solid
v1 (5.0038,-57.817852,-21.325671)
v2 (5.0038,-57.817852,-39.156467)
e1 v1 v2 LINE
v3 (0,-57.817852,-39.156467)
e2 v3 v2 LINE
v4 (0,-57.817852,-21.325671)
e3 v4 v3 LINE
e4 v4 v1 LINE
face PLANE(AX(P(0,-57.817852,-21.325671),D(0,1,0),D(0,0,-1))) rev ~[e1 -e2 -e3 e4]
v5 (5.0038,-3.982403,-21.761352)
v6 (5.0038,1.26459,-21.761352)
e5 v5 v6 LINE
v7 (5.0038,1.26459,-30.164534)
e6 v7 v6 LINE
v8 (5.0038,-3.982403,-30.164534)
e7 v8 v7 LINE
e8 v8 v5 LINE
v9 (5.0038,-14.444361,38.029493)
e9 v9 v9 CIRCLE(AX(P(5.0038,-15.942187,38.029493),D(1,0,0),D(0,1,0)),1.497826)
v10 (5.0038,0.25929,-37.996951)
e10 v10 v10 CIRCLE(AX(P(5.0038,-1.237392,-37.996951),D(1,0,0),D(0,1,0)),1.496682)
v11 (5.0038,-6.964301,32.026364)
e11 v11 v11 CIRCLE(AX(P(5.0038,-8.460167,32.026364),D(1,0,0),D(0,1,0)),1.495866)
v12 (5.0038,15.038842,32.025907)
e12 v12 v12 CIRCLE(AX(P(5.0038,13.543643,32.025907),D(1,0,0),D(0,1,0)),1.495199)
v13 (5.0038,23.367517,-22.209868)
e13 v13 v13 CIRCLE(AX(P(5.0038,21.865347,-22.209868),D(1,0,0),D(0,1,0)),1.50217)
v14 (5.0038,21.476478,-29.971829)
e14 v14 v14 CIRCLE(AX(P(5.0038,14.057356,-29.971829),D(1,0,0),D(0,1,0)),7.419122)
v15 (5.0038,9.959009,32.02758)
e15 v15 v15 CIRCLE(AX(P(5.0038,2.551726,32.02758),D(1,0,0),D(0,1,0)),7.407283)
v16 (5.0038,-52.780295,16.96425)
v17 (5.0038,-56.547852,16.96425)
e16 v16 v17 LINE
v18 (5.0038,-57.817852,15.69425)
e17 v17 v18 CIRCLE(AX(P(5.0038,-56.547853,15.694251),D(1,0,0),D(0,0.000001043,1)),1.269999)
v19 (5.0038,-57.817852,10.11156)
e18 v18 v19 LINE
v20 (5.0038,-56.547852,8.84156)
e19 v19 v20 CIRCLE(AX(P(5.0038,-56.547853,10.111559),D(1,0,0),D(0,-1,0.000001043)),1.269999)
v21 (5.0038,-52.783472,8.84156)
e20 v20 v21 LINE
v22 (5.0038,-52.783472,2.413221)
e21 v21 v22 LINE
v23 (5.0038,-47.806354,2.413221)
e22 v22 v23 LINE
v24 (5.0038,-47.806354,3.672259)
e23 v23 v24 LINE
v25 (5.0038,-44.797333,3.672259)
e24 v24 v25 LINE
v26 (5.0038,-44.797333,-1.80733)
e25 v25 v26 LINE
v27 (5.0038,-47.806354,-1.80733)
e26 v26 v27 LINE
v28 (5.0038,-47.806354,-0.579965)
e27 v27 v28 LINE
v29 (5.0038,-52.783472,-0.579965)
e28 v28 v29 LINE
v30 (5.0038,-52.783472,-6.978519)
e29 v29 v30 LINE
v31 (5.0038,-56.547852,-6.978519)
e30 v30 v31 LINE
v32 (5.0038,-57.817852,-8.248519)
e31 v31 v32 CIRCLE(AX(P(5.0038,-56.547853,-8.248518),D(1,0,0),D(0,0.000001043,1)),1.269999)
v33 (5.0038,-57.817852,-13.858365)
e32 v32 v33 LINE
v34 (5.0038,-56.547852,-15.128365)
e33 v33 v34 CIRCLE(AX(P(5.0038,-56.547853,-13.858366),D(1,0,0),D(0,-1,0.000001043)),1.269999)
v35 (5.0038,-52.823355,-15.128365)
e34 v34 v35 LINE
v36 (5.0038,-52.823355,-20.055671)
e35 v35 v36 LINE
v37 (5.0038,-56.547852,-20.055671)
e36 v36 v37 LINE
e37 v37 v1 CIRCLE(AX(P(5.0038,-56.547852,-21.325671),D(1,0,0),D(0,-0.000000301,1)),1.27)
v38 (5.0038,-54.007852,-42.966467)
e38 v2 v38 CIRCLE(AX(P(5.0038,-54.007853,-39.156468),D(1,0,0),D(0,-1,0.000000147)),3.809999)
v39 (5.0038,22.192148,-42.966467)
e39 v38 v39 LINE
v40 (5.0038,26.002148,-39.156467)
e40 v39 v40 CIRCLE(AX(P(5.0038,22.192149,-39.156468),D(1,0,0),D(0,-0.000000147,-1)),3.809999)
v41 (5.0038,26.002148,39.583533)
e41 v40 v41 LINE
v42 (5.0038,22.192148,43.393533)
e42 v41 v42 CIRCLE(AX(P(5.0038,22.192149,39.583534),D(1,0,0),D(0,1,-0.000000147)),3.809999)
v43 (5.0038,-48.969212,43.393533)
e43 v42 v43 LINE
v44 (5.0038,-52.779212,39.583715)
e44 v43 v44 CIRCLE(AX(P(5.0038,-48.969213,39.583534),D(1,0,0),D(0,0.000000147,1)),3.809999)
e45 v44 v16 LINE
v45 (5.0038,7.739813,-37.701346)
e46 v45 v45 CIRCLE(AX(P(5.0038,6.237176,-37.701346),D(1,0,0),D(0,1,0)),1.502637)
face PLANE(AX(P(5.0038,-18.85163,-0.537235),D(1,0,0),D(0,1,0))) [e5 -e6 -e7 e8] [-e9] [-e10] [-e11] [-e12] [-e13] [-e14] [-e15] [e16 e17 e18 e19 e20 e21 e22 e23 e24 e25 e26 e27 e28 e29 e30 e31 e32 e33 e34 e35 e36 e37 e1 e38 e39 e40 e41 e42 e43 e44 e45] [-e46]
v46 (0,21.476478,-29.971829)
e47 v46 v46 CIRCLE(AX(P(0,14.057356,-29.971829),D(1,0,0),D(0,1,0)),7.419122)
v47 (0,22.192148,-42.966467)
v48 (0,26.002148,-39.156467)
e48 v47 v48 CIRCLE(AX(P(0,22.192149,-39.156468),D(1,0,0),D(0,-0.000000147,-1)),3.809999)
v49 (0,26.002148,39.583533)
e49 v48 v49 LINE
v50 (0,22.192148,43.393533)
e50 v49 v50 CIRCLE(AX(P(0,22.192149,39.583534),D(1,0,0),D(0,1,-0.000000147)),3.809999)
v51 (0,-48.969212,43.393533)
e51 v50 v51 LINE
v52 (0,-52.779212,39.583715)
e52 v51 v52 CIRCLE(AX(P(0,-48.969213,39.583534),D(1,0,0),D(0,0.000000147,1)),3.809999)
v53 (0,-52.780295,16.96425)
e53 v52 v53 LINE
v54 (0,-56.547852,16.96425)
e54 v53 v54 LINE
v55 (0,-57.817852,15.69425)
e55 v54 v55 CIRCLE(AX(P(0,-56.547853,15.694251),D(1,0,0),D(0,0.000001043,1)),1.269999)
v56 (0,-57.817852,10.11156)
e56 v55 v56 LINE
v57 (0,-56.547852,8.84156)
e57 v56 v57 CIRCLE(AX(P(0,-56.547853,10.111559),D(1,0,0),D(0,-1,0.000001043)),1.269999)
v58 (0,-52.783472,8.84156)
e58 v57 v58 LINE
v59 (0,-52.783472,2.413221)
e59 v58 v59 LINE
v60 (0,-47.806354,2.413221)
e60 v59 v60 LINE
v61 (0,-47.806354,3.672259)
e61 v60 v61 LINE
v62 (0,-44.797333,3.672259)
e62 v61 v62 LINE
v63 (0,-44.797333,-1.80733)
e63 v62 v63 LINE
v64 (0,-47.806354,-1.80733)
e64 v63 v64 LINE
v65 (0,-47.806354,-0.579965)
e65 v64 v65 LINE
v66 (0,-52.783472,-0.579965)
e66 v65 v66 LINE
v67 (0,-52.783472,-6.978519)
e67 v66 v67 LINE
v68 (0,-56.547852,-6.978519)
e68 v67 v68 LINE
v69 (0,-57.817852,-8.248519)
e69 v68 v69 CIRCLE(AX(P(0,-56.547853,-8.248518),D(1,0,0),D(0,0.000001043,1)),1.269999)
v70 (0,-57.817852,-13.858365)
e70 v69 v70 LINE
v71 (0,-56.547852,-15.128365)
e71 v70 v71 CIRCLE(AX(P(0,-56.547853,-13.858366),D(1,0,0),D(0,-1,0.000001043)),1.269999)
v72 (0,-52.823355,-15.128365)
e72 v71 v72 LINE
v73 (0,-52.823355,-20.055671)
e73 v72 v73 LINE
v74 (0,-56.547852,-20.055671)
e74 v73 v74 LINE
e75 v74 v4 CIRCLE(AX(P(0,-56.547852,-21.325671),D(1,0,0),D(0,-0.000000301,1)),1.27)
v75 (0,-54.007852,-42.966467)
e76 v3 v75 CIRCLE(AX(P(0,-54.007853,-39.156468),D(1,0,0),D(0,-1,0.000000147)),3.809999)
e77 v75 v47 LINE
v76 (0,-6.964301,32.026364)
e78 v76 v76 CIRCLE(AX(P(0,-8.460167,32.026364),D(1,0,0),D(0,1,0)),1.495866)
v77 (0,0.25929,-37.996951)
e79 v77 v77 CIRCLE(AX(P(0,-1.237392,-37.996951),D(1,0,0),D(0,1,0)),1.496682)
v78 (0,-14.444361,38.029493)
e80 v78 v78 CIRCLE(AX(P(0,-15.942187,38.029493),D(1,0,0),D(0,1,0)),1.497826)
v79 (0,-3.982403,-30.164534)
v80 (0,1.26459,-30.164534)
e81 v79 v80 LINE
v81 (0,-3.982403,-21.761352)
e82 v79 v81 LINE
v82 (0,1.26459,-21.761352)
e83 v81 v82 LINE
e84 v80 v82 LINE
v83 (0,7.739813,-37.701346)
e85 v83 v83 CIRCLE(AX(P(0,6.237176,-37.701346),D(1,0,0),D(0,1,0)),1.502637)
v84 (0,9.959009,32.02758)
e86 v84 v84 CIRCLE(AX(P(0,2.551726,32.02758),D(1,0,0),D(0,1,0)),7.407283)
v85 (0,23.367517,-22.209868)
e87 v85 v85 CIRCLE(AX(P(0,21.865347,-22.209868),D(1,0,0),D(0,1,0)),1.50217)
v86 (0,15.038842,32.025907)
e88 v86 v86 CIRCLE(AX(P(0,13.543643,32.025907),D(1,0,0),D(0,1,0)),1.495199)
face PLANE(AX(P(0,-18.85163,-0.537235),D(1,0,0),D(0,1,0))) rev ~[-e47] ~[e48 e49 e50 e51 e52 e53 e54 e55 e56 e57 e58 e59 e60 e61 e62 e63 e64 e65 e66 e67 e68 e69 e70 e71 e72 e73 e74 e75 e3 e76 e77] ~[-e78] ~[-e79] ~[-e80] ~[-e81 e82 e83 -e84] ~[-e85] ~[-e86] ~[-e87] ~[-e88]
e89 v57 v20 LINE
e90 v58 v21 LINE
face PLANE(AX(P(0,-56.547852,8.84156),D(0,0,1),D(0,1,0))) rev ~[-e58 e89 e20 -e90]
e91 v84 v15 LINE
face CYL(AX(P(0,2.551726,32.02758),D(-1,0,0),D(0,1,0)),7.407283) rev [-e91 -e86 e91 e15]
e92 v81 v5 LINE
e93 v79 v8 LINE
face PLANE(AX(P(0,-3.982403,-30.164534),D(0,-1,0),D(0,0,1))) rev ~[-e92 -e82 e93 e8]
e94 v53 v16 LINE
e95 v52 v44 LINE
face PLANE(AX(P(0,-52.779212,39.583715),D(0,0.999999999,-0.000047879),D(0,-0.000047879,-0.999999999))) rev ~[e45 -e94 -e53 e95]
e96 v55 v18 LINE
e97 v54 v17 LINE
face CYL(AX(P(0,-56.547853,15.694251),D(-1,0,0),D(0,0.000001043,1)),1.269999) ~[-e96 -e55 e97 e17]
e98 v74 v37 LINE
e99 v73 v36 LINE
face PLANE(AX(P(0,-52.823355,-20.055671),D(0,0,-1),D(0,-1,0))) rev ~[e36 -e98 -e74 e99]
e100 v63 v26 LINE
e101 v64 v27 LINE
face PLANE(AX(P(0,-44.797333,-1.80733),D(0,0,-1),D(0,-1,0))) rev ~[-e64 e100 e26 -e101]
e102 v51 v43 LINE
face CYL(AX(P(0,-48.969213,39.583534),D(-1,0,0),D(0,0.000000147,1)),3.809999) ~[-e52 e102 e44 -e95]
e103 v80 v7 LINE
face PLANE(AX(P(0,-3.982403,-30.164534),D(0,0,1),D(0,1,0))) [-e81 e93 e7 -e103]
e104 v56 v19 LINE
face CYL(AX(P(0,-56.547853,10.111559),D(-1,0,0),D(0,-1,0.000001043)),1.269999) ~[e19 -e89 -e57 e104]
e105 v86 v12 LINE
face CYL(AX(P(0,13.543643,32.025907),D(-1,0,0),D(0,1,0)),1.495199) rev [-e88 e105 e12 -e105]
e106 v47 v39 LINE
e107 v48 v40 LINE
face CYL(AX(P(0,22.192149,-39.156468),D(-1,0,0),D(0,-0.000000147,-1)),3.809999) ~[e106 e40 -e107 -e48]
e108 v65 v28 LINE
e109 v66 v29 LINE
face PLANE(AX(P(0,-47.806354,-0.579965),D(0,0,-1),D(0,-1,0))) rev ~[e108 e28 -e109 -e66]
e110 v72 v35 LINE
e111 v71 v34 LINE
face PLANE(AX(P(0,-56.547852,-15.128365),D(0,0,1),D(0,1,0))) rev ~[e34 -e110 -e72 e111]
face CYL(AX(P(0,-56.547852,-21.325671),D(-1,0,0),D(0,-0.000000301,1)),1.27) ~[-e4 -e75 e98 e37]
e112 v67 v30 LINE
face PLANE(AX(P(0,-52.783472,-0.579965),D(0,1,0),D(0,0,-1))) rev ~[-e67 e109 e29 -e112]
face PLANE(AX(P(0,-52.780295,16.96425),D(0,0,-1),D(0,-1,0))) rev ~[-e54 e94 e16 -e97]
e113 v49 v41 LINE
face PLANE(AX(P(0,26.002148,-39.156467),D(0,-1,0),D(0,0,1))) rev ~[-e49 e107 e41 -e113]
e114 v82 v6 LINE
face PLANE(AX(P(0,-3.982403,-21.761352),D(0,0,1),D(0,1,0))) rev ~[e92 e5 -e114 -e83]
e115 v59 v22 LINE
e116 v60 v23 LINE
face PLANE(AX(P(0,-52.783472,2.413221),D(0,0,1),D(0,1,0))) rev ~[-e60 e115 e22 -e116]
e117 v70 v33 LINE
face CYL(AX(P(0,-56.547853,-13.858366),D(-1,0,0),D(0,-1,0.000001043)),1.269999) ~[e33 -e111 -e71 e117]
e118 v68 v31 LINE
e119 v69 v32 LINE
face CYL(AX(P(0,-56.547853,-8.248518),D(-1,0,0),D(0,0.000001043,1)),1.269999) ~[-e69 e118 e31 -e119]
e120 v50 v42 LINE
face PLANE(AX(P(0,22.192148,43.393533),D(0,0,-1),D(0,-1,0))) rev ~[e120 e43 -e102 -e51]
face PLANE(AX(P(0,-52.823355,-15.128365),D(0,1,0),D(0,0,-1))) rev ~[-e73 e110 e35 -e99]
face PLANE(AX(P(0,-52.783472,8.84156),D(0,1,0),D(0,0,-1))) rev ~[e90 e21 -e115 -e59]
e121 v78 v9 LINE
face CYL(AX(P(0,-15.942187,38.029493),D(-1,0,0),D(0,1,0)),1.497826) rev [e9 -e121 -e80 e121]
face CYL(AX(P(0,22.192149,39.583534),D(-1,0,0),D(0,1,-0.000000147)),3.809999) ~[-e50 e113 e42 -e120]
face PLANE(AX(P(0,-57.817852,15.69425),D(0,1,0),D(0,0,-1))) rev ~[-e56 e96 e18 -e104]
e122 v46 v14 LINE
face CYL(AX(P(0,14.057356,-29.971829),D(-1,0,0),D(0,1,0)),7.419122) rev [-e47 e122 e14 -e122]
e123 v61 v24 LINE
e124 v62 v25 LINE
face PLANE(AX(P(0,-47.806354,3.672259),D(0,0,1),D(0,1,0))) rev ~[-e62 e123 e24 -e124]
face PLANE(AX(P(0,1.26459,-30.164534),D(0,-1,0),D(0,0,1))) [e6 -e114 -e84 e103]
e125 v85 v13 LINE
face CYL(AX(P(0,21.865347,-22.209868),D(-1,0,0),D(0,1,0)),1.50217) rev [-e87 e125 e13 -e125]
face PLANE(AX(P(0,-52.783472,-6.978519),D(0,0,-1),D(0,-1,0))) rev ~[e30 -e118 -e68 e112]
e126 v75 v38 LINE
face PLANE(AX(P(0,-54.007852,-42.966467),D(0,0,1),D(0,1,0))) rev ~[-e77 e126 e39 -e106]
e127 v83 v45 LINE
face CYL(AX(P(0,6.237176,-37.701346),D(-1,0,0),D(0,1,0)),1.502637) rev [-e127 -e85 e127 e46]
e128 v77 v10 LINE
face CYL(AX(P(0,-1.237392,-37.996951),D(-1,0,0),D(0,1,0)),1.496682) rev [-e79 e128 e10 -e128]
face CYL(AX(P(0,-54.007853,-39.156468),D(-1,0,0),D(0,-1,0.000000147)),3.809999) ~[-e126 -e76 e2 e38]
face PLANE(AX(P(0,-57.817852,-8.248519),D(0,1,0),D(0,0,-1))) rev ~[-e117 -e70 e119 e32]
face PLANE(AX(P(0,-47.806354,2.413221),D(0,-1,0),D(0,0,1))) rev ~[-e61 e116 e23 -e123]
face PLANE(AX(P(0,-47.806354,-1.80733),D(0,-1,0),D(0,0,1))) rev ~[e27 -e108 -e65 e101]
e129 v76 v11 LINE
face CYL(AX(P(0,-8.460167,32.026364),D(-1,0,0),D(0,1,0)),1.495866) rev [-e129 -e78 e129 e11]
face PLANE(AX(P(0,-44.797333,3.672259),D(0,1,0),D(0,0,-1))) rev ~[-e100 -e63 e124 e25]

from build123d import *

# Parameters (mm, degrees)
F0_R     = 1.496682
F0_W     = 5.246993
F0_H     = 8.403182
F0_R_2   = 1.502637
F0_R_3   = 7.419122
F0_R_4   = 1.50217
F0_R_5   = 1.497826
F0_R_6   = 1.495866
F0_R_7   = 7.407283
F0_R_8   = 1.495199
F1_DEPTH = 5.0038


with BuildPart() as f1:
    # F0 (on Right) → F1 (new body)
    with BuildSketch(Plane.YZ):
        with BuildLine():
            ThreePointArc((26.002148, 39.583533), (24.886225, 42.27761), (22.192148, 43.393533))
            Line((22.192148, 43.393533), (-48.969212, 43.393533))
            ThreePointArc((-48.969212, 43.393533), (-51.663225, 42.277674), (-52.779212, 39.583715))
            Line((-52.779212, 39.583715), (-52.780295, 16.96425))
            Line((-52.780295, 16.96425), (-56.547852, 16.96425))
            ThreePointArc((-56.547852, 16.96425), (-57.445878, 16.592276), (-57.817852, 15.69425))
            Line((-57.817852, 15.69425), (-57.817852, 10.11156))
            ThreePointArc((-57.817852, 10.11156), (-57.445878, 9.213534), (-56.547852, 8.84156))
            Line((-56.547852, 8.84156), (-52.783472, 8.84156))
            Line((-52.783472, 8.84156), (-52.783472, 2.413221))
            Line((-52.783472, 2.413221), (-47.806354, 2.413221))
            Line((-47.806354, 2.413221), (-47.806354, 3.672259))
            Line((-47.806354, 3.672259), (-44.797333, 3.672259))
            Line((-44.797333, 3.672259), (-44.797333, -1.80733))
            Line((-44.797333, -1.80733), (-47.806354, -1.80733))
            Line((-47.806354, -1.80733), (-47.806354, -0.579965))
            Line((-47.806354, -0.579965), (-52.783472, -0.579965))
            Line((-52.783472, -0.579965), (-52.783472, -6.978519))
            Line((-52.783472, -6.978519), (-56.547852, -6.978519))
            ThreePointArc((-56.547852, -6.978519), (-57.445878, -7.350493), (-57.817852, -8.248519))
            Line((-57.817852, -8.248519), (-57.817852, -13.858365))
            ThreePointArc((-57.817852, -13.858365), (-57.445878, -14.756391), (-56.547852, -15.128365))
            Line((-56.547852, -15.128365), (-52.823355, -15.128365))
            Line((-52.823355, -15.128365), (-52.823355, -20.055671))
            Line((-52.823355, -20.055671), (-56.547852, -20.055671))
            ThreePointArc((-56.547852, -20.055671), (-57.445878, -20.427646), (-57.817852, -21.325671))
            Line((-57.817852, -21.325671), (-57.817852, -39.156467))
            ThreePointArc((-57.817852, -39.156467), (-56.701929, -41.850544), (-54.007852, -42.966467))
            Line((-54.007852, -42.966467), (22.192148, -42.966467))
            ThreePointArc((22.192148, -42.966467), (24.886225, -41.850544), (26.002148, -39.156467))
            Line((26.002148, -39.156467), (26.002148, 39.583533))
        make_face()
        with Locations((-1.237392, -37.996951)):
            Circle(F0_R, mode=Mode.SUBTRACT)
        with Locations((-1.358906, -25.962943)):
            Rectangle(F0_W, F0_H, mode=Mode.SUBTRACT)
        with Locations((6.237176, -37.701346)):
            Circle(F0_R_2, mode=Mode.SUBTRACT)
        with Locations((14.057356, -29.971829)):
            Circle(F0_R_3, mode=Mode.SUBTRACT)
        with Locations((21.865347, -22.209868)):
            Circle(F0_R_4, mode=Mode.SUBTRACT)
        with Locations((-15.942187, 38.029493)):
            Circle(F0_R_5, mode=Mode.SUBTRACT)
        with Locations((-8.460167, 32.026364)):
            Circle(F0_R_6, mode=Mode.SUBTRACT)
        with Locations((2.551726, 32.02758)):
            Circle(F0_R_7, mode=Mode.SUBTRACT)
        with Locations((13.543643, 32.025907)):
            Circle(F0_R_8, mode=Mode.SUBTRACT)
    extrude(amount=F1_DEPTH)


solid = f1.part
